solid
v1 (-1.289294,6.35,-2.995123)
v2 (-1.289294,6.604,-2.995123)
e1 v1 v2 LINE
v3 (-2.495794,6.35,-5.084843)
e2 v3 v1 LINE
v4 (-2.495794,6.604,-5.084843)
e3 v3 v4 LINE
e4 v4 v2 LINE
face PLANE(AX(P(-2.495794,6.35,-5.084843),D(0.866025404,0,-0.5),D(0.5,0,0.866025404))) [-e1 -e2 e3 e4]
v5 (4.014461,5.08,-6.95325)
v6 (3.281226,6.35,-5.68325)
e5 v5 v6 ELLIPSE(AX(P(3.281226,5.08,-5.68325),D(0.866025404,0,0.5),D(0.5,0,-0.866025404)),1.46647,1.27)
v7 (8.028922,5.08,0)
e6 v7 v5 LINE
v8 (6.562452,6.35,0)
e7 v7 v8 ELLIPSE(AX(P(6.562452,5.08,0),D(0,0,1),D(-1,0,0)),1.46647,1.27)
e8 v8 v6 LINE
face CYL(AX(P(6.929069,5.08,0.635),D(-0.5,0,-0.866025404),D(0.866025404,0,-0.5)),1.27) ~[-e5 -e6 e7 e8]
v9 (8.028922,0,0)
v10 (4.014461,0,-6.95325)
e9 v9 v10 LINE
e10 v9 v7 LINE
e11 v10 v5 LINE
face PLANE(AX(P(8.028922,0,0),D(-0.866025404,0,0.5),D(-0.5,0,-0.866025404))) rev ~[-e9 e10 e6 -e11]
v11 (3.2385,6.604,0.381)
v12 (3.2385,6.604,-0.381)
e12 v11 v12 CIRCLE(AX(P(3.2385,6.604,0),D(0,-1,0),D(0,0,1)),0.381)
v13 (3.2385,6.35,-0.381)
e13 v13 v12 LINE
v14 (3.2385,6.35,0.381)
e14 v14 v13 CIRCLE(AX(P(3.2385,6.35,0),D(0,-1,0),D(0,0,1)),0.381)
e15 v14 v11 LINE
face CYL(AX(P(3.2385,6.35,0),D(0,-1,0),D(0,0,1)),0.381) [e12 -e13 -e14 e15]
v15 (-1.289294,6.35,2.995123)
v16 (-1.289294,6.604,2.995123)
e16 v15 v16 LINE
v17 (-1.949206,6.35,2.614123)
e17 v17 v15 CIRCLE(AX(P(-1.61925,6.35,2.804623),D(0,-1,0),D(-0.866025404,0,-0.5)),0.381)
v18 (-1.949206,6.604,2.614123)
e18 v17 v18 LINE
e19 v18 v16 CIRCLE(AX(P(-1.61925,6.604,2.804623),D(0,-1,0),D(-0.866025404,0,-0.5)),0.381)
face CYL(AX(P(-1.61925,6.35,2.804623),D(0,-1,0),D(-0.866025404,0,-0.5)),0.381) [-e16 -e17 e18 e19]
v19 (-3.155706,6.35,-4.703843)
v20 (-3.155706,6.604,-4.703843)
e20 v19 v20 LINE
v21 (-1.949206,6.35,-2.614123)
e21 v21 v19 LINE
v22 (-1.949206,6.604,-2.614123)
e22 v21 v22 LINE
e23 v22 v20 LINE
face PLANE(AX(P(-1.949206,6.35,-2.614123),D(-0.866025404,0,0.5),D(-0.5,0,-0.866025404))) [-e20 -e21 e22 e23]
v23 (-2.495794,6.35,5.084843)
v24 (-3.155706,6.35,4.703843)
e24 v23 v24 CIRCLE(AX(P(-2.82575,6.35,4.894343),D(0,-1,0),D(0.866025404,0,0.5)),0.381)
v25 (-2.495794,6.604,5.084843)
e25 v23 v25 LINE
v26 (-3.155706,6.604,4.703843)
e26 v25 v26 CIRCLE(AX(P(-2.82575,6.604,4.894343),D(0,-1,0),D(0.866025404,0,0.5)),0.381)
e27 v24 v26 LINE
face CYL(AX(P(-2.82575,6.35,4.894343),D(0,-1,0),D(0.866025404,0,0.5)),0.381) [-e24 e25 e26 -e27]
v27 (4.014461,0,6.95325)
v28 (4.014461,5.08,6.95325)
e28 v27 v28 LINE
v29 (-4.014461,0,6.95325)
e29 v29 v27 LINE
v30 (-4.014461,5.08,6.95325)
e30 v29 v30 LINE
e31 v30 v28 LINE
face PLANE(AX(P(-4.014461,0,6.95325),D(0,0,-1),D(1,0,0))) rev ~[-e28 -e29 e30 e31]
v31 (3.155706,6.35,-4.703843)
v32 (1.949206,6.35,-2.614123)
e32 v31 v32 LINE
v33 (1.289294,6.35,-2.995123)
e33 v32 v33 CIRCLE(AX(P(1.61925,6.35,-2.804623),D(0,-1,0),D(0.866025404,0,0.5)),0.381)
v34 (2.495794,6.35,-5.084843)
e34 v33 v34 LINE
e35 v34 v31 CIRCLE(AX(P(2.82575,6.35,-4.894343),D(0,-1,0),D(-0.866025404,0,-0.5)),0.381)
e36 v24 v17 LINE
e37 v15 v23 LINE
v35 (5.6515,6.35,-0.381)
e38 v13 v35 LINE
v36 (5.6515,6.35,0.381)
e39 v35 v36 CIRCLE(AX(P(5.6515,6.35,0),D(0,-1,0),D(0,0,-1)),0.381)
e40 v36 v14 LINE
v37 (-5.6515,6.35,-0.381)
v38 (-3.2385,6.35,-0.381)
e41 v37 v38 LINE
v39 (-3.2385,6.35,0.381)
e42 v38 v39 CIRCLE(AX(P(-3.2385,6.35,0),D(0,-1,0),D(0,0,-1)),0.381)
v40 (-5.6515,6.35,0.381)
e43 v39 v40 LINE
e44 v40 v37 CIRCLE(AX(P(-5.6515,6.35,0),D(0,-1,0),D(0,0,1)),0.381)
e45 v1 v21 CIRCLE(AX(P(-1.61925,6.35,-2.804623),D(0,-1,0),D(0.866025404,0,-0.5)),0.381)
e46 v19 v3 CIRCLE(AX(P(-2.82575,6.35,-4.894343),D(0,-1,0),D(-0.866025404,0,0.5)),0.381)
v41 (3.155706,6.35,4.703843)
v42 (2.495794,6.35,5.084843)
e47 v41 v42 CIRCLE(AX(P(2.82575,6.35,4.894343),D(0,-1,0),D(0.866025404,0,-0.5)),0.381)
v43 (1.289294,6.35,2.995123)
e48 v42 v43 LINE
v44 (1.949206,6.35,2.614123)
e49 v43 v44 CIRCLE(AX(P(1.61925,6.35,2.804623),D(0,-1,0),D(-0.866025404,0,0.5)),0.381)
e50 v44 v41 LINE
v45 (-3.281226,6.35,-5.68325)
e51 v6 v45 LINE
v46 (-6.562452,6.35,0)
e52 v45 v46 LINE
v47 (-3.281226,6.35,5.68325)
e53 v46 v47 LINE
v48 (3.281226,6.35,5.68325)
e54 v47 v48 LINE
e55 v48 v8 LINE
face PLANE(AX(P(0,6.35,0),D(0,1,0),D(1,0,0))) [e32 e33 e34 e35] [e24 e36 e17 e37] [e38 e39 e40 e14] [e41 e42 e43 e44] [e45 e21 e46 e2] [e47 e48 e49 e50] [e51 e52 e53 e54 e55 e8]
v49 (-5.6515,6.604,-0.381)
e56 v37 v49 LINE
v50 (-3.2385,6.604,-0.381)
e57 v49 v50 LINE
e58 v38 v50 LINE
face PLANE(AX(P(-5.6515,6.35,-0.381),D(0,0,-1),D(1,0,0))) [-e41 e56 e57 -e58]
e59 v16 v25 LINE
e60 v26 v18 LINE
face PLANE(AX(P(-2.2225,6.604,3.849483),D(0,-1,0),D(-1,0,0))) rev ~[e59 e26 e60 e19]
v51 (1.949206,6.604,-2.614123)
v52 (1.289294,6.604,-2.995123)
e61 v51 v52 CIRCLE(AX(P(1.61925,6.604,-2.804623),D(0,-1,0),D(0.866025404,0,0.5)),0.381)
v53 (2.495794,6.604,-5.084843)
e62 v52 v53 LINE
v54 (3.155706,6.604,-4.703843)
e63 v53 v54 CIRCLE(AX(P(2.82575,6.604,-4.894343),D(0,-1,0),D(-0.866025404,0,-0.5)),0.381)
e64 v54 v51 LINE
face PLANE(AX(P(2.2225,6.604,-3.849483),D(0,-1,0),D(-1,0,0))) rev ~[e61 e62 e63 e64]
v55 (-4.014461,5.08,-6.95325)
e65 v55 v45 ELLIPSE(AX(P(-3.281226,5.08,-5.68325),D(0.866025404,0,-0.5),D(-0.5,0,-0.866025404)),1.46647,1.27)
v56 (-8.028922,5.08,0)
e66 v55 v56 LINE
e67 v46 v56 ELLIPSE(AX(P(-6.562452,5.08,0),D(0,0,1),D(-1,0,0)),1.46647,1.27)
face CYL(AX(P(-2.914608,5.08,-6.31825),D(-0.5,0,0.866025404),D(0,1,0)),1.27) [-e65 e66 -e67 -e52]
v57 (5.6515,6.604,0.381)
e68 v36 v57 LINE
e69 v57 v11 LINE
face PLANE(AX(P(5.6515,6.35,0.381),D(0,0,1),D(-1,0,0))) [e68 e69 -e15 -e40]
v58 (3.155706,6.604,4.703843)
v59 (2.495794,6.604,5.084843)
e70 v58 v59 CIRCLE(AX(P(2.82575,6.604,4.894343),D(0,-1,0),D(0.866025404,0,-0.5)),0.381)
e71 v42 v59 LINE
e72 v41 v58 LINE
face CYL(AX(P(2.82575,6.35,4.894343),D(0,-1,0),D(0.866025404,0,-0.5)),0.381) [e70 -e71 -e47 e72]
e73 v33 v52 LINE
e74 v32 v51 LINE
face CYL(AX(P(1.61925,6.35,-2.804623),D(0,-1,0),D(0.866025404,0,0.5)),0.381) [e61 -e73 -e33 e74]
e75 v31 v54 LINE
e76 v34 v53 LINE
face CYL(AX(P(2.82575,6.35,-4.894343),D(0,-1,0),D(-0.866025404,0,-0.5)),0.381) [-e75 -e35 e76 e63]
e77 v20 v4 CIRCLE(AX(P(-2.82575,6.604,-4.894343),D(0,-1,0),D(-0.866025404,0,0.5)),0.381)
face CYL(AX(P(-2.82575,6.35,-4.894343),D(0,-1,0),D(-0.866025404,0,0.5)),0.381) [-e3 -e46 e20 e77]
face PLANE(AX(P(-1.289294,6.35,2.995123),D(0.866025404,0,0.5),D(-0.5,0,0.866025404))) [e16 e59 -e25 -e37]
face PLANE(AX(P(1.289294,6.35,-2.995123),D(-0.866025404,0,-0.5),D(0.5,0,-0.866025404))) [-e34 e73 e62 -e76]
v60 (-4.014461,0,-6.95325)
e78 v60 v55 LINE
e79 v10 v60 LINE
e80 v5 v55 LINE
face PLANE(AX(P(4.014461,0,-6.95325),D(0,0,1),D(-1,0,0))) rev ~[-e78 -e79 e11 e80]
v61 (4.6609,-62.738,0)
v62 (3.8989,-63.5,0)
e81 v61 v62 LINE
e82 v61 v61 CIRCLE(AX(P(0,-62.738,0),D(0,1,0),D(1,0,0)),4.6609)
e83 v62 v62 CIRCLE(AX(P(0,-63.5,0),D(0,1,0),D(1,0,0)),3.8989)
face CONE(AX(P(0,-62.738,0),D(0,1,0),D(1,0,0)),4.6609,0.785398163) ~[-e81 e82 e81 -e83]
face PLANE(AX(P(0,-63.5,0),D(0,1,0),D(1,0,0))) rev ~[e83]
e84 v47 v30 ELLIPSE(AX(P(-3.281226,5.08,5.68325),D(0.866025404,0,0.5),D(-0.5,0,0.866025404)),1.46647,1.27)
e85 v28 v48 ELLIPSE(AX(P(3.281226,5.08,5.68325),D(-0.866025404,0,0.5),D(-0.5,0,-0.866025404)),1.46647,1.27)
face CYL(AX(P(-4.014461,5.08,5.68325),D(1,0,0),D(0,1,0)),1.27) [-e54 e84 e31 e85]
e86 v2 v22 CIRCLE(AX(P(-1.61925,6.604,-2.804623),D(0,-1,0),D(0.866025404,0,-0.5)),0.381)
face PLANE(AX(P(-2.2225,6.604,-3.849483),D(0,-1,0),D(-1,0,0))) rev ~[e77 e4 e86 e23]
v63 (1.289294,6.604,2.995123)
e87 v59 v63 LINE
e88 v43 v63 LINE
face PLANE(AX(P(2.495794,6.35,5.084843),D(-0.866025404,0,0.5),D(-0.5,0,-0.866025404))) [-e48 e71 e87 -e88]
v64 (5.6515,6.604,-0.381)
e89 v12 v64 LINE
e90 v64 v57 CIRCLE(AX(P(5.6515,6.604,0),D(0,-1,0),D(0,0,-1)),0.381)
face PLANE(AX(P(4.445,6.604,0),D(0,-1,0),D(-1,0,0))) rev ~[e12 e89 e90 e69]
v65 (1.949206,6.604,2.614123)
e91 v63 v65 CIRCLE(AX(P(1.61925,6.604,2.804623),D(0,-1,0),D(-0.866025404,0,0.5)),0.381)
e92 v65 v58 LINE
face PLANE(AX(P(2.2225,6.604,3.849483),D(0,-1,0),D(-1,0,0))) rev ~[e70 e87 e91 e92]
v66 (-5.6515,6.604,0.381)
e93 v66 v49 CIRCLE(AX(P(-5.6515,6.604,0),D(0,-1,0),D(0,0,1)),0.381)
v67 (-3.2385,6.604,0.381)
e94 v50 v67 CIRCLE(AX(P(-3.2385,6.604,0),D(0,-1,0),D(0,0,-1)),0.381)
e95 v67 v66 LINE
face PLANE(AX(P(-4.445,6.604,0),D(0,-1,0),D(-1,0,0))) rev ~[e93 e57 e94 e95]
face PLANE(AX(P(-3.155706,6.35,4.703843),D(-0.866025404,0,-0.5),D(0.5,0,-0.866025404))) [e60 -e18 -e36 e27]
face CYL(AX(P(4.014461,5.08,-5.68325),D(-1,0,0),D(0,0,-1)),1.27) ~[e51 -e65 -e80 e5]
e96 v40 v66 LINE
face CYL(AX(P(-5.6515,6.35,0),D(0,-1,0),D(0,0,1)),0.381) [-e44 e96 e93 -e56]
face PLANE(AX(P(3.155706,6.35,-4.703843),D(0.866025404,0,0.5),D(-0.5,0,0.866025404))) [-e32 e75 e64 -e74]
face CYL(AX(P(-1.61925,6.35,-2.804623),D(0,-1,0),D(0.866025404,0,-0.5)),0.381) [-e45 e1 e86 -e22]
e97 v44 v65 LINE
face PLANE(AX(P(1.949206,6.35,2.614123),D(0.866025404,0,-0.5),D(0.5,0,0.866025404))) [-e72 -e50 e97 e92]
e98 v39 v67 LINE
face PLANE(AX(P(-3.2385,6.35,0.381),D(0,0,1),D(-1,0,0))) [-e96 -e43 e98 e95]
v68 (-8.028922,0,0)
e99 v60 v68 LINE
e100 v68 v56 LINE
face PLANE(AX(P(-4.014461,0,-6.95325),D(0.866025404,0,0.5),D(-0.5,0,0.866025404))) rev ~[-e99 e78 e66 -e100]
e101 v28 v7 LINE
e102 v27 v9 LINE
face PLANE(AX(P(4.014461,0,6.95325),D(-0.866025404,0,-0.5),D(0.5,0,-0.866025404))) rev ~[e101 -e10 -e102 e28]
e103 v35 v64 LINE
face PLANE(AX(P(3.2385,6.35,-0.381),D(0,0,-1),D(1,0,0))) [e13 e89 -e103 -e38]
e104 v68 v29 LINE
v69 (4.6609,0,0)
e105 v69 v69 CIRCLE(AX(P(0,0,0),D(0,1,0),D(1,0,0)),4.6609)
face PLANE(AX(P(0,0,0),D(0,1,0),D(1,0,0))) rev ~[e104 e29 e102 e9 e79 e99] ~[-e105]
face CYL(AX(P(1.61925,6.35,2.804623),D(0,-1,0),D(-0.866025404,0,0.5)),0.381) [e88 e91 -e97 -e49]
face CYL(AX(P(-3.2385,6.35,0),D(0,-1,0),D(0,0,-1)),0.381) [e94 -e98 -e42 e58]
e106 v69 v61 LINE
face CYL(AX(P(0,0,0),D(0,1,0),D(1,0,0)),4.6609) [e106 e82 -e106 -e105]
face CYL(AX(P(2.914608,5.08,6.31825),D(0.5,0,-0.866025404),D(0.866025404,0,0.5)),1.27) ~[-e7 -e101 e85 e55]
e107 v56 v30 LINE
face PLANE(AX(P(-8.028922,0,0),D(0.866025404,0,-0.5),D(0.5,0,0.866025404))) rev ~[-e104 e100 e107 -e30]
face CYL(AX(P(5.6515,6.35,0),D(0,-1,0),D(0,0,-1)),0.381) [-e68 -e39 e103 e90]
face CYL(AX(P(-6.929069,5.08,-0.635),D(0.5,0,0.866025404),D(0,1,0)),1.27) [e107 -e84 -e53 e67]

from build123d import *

# Parameters (mm, degrees)
SKETCH1_R           = 4.6609
BOSS_EXTRUDE1_DEPTH = 63.5
BOSS_EXTRUDE2_DEPTH = 6.35
FILLET1_R           = 1.27
CHAMFER1_SIZE       = 0.762
BOSS_EXTRUDE3_DEPTH = 0.254


with BuildPart() as part:
    # Sketch1 → Boss-Extrude1 (new body)
    with BuildSketch(Plane(origin=(0, 0, 0), x_dir=(1, 0, 0), z_dir=(0, 1, 0))):
        Circle(SKETCH1_R)
    extrude(amount=-BOSS_EXTRUDE1_DEPTH)

    # Sketch2 → Boss-Extrude2 (add)
    with BuildSketch(Plane(origin=(0, 0, 0), x_dir=(1, 0, 0), z_dir=(0, 1, 0))):
        Polygon((8.028921518, 0), (4.014460759, 6.95325), (-4.014460759, 6.95325), (-8.028921518, 0), (-4.014460759, -6.95325), (4.014460759, -6.95325), align=None)
    extrude(amount=BOSS_EXTRUDE2_DEPTH)

    # Fillet1
    fillet1_edges = [part.edges().sort_by_distance(p)[0] for p in [
        (6.021691139, 6.35, -3.476625),
        (6.021691139, 6.35, 3.476625),
        (0, 6.35, -6.95325),
        (-6.021691139, 6.35, -3.476625),
        (-6.021691139, 6.35, 3.476625),
        (0, 6.35, 6.95325),
    ]]
    fillet(fillet1_edges, radius=FILLET1_R)

    # Chamfer1
    chamfer1_edges = [part.edges().sort_by_distance(p)[0] for p in [
        (-4.6609, -63.5, 0),
    ]]
    chamfer(chamfer1_edges, length=CHAMFER1_SIZE)

    # Sketch3 → Boss-Extrude3 (add)
    with BuildSketch(Plane(origin=(0, 6.35, 0), x_dir=(1, 0, 0), z_dir=(0, 1, 0))):
        with BuildLine():
            Line((5.6515, -0.381), (3.2385, -0.381))
            ThreePointArc((3.2385, -0.381), (2.8575, 0), (3.2385, 0.381))
            Line((3.2385, 0.381), (5.6515, 0.381))
            ThreePointArc((5.6515, 0.381), (6.0325, 0), (5.6515, -0.381))
        make_face()
        with BuildLine():
            Line((3.155705679, 4.703842569), (1.949205679, 2.61412327))
            ThreePointArc((1.949205679, 2.61412327), (1.42875, 2.474667591), (1.289294321, 2.99512327))
            Line((1.289294321, 2.99512327), (2.495794321, 5.084842569))
            ThreePointArc((2.495794321, 5.084842569), (3.01625, 5.224298248), (3.155705679, 4.703842569))
        make_face()
        with BuildLine():
            Line((-2.495794321, 5.084842569), (-1.289294321, 2.99512327))
            ThreePointArc((-1.289294321, 2.99512327), (-1.42875, 2.474667591), (-1.949205679, 2.61412327))
            Line((-1.949205679, 2.61412327), (-3.155705679, 4.703842569))
            ThreePointArc((-3.155705679, 4.703842569), (-3.01625, 5.224298248), (-2.495794321, 5.084842569))
        make_face()
        with BuildLine():
            Line((-5.6515, 0.381), (-3.2385, 0.381))
            ThreePointArc((-3.2385, 0.381), (-2.8575, 0), (-3.2385, -0.381))
            Line((-3.2385, -0.381), (-5.6515, -0.381))
            ThreePointArc((-5.6515, -0.381), (-6.0325, 0), (-5.6515, 0.381))
        make_face()
        with BuildLine():
            Line((-3.155705679, -4.703842569), (-1.949205679, -2.61412327))
            ThreePointArc((-1.949205679, -2.61412327), (-1.42875, -2.474667591), (-1.289294321, -2.99512327))
            Line((-1.289294321, -2.99512327), (-2.495794321, -5.084842569))
            ThreePointArc((-2.495794321, -5.084842569), (-3.01625, -5.224298248), (-3.155705679, -4.703842569))
        make_face()
        with BuildLine():
            Line((2.495794321, -5.084842569), (1.289294321, -2.99512327))
            ThreePointArc((1.289294321, -2.99512327), (1.42875, -2.474667591), (1.949205679, -2.61412327))
            Line((1.949205679, -2.61412327), (3.155705679, -4.703842569))
            ThreePointArc((3.155705679, -4.703842569), (3.01625, -5.224298248), (2.495794321, -5.084842569))
        make_face()
    extrude(amount=BOSS_EXTRUDE3_DEPTH)


solid = part.part
